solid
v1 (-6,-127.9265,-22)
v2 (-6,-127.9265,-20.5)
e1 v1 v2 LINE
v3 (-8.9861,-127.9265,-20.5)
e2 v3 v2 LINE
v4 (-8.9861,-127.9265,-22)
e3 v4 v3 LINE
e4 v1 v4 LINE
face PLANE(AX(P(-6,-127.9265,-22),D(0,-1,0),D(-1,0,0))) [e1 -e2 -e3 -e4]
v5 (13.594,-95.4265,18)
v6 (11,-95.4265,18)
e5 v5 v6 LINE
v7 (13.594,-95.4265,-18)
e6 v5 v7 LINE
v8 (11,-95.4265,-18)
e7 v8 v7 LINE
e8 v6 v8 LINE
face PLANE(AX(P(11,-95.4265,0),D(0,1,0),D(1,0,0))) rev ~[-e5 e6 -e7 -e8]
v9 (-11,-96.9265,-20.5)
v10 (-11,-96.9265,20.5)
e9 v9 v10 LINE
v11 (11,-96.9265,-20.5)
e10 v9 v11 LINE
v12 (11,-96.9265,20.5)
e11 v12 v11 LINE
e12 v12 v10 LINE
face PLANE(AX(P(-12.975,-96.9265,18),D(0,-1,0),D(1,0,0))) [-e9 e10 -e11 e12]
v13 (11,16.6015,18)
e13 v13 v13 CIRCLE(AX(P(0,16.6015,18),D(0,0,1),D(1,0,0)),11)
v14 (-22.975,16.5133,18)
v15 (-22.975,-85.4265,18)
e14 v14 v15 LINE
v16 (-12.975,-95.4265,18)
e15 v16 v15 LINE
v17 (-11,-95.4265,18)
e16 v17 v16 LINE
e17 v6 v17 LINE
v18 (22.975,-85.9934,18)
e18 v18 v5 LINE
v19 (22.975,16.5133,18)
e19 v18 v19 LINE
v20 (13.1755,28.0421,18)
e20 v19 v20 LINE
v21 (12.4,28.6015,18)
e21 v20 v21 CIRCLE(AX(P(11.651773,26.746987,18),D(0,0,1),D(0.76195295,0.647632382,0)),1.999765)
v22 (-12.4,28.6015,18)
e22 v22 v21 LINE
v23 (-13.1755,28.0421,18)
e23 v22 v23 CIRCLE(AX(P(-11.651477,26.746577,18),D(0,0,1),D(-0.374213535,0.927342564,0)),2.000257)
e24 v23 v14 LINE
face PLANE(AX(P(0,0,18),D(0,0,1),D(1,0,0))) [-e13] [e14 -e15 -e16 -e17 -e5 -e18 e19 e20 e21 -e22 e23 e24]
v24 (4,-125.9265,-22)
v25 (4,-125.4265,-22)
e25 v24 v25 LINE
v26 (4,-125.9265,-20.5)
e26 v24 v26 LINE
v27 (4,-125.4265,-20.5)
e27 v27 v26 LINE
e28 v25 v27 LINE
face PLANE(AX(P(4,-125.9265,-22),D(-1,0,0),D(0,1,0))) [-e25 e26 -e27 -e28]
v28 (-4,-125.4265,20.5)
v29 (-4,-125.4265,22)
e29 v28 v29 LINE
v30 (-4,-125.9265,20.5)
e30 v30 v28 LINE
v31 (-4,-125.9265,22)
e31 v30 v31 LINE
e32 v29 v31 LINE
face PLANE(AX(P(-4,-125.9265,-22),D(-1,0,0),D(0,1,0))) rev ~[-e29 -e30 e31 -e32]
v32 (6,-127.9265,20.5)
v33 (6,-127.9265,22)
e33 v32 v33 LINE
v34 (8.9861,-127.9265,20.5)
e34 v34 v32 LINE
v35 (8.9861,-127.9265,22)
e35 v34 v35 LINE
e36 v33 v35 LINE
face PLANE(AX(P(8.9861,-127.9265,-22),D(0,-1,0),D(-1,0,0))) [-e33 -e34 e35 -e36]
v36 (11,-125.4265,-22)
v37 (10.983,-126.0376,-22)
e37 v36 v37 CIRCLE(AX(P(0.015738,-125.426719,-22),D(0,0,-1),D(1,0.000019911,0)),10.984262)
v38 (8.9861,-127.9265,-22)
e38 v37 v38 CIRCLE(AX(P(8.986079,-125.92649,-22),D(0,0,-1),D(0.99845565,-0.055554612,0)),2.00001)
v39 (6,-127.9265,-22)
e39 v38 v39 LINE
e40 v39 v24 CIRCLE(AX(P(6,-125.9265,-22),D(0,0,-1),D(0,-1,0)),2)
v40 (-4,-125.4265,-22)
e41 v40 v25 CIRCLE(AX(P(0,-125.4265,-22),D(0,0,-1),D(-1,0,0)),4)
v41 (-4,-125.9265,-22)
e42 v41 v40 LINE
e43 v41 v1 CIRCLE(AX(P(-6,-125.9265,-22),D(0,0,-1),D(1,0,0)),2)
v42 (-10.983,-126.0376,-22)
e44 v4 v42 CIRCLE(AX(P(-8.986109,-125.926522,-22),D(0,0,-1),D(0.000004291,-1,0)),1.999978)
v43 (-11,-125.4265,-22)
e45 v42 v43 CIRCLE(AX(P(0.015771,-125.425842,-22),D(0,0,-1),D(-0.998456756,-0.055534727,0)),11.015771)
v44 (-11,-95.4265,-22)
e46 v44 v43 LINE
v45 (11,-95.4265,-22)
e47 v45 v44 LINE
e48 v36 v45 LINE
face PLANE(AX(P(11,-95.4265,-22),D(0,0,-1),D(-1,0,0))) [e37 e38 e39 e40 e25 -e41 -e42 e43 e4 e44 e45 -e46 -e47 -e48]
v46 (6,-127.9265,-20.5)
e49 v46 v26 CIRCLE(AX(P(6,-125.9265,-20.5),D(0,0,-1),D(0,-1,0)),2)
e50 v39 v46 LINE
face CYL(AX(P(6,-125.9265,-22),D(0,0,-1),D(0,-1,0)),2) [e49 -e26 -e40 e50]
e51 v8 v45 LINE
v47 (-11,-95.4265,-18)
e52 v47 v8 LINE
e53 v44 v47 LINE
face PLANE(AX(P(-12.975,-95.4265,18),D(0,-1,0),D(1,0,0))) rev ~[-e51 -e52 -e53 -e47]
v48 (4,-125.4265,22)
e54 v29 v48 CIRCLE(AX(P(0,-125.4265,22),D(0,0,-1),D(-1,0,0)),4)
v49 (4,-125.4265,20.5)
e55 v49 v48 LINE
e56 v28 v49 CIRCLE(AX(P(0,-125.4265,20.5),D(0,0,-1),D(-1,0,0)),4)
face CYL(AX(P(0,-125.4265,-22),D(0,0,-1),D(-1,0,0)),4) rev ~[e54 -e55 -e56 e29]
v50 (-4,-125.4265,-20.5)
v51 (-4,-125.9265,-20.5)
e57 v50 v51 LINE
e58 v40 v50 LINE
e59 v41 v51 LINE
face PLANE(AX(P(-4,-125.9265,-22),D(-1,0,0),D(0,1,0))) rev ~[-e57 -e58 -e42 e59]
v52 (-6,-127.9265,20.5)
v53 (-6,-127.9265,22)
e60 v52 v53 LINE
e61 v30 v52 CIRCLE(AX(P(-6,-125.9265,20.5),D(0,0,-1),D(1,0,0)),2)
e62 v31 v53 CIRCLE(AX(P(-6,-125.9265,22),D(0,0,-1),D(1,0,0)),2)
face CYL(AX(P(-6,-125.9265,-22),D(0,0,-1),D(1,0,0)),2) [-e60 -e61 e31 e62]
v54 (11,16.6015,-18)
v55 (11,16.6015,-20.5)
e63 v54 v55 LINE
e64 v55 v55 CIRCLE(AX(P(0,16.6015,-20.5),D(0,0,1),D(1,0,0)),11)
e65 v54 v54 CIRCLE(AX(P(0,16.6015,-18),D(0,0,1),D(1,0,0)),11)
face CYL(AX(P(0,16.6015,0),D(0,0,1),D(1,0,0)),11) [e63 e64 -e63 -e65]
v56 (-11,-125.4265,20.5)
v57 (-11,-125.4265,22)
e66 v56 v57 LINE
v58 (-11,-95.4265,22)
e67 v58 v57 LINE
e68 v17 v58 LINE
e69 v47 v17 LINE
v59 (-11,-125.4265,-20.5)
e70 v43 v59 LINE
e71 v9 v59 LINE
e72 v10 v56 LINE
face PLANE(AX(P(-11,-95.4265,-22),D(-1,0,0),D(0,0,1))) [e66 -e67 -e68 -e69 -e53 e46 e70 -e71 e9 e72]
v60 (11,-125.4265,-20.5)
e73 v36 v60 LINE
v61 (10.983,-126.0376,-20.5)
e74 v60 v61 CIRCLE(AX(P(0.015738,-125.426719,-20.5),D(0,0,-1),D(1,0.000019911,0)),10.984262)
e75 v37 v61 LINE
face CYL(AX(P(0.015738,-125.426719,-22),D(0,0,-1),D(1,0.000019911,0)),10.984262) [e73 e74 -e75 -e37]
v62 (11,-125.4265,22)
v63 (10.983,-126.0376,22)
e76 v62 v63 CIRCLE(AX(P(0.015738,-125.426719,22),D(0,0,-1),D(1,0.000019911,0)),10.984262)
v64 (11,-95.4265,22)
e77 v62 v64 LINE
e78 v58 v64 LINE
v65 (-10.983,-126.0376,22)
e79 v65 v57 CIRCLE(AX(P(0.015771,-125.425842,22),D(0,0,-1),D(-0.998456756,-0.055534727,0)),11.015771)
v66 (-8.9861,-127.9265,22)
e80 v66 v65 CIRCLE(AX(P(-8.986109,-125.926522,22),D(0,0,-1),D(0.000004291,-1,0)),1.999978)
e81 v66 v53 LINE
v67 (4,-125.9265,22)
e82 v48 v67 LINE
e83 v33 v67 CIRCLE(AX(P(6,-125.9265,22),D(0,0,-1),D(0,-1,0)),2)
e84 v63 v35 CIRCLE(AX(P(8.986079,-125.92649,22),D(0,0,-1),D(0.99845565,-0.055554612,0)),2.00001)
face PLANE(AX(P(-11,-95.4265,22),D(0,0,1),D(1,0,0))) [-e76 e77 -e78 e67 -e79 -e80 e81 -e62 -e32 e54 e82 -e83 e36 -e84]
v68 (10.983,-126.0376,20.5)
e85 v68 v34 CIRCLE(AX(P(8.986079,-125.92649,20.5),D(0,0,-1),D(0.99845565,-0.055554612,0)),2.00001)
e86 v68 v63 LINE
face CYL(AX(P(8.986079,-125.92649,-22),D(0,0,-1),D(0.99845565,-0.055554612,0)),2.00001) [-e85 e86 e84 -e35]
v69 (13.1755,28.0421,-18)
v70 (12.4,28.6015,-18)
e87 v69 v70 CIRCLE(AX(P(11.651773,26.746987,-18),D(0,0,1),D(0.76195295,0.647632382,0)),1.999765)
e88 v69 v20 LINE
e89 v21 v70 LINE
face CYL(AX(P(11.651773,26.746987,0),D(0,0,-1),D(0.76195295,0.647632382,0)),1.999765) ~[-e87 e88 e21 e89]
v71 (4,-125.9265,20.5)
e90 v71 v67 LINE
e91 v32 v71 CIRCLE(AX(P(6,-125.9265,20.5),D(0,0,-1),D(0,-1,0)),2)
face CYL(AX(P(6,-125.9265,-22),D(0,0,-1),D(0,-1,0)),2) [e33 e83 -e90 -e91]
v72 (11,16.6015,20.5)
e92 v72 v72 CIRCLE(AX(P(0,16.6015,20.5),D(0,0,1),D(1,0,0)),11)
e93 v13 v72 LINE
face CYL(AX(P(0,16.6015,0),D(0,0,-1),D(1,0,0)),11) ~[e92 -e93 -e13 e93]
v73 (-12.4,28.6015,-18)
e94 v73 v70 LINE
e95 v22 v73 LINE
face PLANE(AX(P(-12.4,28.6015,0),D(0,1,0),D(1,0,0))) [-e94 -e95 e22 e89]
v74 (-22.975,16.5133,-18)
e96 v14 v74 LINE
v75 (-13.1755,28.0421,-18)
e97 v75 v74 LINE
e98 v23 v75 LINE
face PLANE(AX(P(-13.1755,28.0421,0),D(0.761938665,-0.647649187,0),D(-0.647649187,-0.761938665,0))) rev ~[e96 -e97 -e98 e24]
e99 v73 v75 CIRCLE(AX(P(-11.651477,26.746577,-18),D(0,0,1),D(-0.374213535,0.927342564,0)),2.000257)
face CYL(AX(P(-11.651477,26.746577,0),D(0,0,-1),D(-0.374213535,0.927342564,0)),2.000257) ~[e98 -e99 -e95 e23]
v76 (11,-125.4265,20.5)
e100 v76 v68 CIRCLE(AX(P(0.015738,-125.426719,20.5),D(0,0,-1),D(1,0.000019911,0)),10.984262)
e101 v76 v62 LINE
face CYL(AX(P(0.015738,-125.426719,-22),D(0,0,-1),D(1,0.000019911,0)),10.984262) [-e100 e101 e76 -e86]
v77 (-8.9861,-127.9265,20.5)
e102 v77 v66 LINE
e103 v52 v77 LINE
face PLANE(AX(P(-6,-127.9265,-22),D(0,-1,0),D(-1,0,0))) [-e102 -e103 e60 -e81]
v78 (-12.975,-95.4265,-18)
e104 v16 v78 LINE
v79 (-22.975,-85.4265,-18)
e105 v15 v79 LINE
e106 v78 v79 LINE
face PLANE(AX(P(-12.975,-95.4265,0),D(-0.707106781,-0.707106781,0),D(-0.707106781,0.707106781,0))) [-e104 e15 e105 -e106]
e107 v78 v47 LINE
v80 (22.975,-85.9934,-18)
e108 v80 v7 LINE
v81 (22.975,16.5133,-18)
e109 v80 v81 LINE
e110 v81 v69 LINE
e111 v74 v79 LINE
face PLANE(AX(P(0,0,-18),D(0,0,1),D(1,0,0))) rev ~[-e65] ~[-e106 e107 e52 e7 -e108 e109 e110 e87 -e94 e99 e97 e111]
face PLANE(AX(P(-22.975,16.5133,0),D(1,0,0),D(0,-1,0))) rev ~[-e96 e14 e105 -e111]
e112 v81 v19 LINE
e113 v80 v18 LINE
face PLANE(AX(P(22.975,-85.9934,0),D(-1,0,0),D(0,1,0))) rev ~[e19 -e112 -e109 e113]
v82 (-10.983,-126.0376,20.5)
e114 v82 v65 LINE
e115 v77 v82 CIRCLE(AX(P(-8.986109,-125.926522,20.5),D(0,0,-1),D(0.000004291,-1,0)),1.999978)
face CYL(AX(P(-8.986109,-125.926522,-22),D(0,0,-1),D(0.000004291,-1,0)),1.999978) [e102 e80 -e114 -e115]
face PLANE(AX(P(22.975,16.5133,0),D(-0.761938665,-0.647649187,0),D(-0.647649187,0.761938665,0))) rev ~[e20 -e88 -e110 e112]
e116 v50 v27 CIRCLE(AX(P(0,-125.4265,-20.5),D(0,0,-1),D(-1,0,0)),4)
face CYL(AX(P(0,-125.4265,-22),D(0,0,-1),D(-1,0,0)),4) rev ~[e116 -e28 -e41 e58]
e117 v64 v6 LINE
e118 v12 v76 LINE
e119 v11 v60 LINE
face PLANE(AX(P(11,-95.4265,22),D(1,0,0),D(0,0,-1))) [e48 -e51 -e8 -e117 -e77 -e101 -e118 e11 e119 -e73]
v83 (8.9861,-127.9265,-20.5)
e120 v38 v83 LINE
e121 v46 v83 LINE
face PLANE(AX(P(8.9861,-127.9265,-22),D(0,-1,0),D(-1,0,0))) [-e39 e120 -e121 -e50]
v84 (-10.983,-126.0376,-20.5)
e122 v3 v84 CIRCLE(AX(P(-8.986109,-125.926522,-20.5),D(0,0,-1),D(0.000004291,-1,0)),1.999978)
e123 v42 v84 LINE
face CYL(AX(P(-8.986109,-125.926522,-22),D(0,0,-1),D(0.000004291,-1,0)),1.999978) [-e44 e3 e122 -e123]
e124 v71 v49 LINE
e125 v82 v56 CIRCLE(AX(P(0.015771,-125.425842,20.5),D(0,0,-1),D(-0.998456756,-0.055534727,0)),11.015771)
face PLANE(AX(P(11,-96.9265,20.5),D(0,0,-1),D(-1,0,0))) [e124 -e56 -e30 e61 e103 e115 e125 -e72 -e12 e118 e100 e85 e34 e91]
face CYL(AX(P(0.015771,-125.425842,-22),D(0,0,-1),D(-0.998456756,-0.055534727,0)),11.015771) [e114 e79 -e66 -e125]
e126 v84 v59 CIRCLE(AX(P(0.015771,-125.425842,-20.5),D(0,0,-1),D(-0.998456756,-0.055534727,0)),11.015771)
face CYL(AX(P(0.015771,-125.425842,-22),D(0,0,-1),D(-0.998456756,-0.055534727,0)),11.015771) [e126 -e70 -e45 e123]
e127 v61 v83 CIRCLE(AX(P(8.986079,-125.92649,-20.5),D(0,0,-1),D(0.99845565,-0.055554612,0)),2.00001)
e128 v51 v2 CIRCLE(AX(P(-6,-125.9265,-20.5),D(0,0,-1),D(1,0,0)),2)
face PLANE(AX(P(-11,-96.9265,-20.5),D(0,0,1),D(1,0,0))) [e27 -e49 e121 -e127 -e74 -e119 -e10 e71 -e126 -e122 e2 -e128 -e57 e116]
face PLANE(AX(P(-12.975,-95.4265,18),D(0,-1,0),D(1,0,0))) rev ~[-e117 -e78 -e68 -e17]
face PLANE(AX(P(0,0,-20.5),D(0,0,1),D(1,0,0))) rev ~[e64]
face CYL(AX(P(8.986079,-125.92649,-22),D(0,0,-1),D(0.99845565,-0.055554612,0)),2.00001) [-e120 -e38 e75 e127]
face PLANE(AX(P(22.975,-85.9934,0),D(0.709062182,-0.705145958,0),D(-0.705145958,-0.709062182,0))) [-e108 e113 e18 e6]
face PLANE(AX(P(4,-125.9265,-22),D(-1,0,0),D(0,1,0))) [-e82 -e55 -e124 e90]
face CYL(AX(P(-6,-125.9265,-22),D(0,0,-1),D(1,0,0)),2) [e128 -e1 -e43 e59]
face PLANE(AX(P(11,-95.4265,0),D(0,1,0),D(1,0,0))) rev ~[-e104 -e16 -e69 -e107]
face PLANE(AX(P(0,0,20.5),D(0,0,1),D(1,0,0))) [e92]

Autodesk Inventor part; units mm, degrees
ref_plane "YZ Plane" through (0, 0, 0) normal (1, 0, 0) x (0, 1, 0)
ref_plane "XZ Plane" through (0, 0, 0) normal (0, 1, 0) x (-1, 0, 0)
ref_plane "XY Plane" through (0, 0, 0) normal (0, 0, 1) x (1, 0, 0)
sketch "Sketch1" plane through (0, 0, 0) normal (0, 0, 1) x (1, 0, 0)
  line L0 (22.975, -85.9934) -> (22.975, 16.5133)
  line L1 (22.975, 16.5133) -> (13.1755, 28.0421)
  arc A0 (13.1755, 28.0421) -> (12.4, 28.6015) centre (11.6516, 26.7468) ccw
  arc A1 (-12.4, 28.6015) -> (-13.1755, 28.0421) centre (-11.6516, 26.7468) ccw
  line L2 (-13.1755, 28.0421) -> (-22.975, 16.5133)
  line L3 (-22.975, 16.5133) -> (-22.975, -85.4265)
  line L4 (-12.975, -95.4265) -> (-22.975, -85.4265)
  line L5 (-12.975, -95.4265) -> (13.594, -95.4265)
  line L6 (22.975, -85.9934) -> (13.594, -95.4265)
  line L7 (-6, -127.9265) -> (-8.9861, -127.9265)
  arc A2 (-6, -127.9265) -> (-4, -125.9265) centre (-6, -125.9265) ccw
  line L8 (-4, -125.9265) -> (-4, -125.4265)
  arc A3 (4, -125.4265) -> (-4, -125.4265) centre (0, -125.4265) ccw
  line L9 (4, -125.9265) -> (4, -125.4265)
  arc A4 (4, -125.9265) -> (6, -127.9265) centre (6, -125.9265) ccw
  line L10 (8.9861, -127.9265) -> (6, -127.9265)
  arc A5 (8.9861, -127.9265) -> (10.983, -126.0376) centre (8.9861, -125.9265) ccw
  arc A6 (10.983, -126.0376) -> (11, -125.4265) centre (0, -125.4265) ccw
  line L11 (11, -125.4265) -> (11, -96.9265)
  line L12 (-11, -125.4265) -> (-11, -96.9265)
  arc A7 (-11, -125.4265) -> (-10.983, -126.0376) centre (0, -125.4265) ccw
  arc A8 (-10.983, -126.0376) -> (-8.9861, -127.9265) centre (-8.9861, -125.9265) ccw
  line L13 (-11, -96.9265) -> (-11, -95.4265)
  line L14 (11, -96.9265) -> (11, -95.4265)
  line L15 (-12.4, 28.6015) -> (12.4, 28.6015)
  circle A9 centre (0, 16.6015) radius 11
  dimension "d0" = 22
extrude "Extrusion1" add sketch "Sketch1" along normal mid plane 36 contours L6 L5 L4 L3 L2 A1 L15 A0 L1 L0
extrude "Extrusion2" add sketch "Sketch1" along normal mid plane 41 contours A9
sketch "Sketch2" plane through (-12.975, -95.4265, 18) normal (0, -1, 0) x (1, 0, 0)
  line L0 (1.975, 4) -> (23.975, 4)
  line L1 (23.975, 4) -> (23.975, -40)
  line L2 (23.975, -40) -> (1.975, -40)
  line L3 (1.975, -40) -> (1.975, 4)
  point P0 (12.975, -18)
  point P1 (12.975, -18)
  point P2 (12.975, -18)
  dimension "d5" = 22
  dimension "d6" = 44
  dimension "d16" = 22
extrude "Extrusion3" add sketch "Sketch2" along normal blind 1.5
sketch "Sketch3" plane through (-12.975, -96.9265, 18) normal (0, -1, 0) x (1, 0, 0)
  line L0 (23.975, 4) -> (23.975, -40) projected
  line L1 (1.975, -40) -> (1.975, 4) projected
  line L2 (1.975, 4) -> (23.975, 4)
  line L3 (23.975, 4) -> (23.975, 2.5)
  line L4 (23.975, 2.5) -> (1.975, 2.5)
  line L5 (1.975, 2.5) -> (1.975, 4)
  line L6 (23.975, -40) -> (1.975, -40)
  line L7 (1.975, -40) -> (1.975, -38.5)
  line L8 (1.975, -38.5) -> (23.975, -38.5)
  line L9 (23.975, -38.5) -> (23.975, -40)
  point P0 (12.975, -18)
  dimension "d9" = 1.5
  dimension "d10" = 1.5
extrude "Extrusion4" add sketch "Sketch3" along normal blind 32 contours L0 L4 L1 L2 | L0 L6 L1 L8
sketch "Sketch4" plane through (11, -95.4265, -22) normal (0, 0, -1) x (-1, 0, 0)
  line L0 (22, 0) -> (22, -33.5) projected
  line L1 (0, 0) -> (22, 0) projected
  line L2 (0, 0) -> (0, -33.5) projected
  line L3 (0, -33.5) -> (22, -33.5) projected
  arc A0 (15, -30) -> (7, -30) centre (11, -30) ccw projected
  arc A1 (5, -32.5) -> (7, -30.5) centre (5, -30.5) ccw projected
  line L4 (2.0139, -32.5) -> (5, -32.5) projected
  line L5 (15, -30.5) -> (15, -30) projected
  line L6 (7, -30.5) -> (7, -30) projected
  arc A2 (0.017, -30.6111) -> (2.0139, -32.5) centre (2.0139, -30.5) ccw projected
  line L7 (17, -32.5) -> (19.9861, -32.5) projected
  arc A3 (15, -30.5) -> (17, -32.5) centre (17, -30.5) ccw projected
  arc A4 (19.9861, -32.5) -> (21.983, -30.6111) centre (19.9861, -30.5) ccw projected
  arc A5 (21.983, -30.6111) -> (22, -30) centre (11, -30) ccw projected
  arc A6 (0, -30) -> (0.017, -30.6111) centre (11, -30) ccw projected
  point P0 (11, 95.4265)
extrude "Extrusion5" cut sketch "Sketch4" against normal through all contours L0 L3 L2 A6 A2 L4 A1 L6 A0 L5 A3 L7 A4 A5
properties part number "ForeArm"
